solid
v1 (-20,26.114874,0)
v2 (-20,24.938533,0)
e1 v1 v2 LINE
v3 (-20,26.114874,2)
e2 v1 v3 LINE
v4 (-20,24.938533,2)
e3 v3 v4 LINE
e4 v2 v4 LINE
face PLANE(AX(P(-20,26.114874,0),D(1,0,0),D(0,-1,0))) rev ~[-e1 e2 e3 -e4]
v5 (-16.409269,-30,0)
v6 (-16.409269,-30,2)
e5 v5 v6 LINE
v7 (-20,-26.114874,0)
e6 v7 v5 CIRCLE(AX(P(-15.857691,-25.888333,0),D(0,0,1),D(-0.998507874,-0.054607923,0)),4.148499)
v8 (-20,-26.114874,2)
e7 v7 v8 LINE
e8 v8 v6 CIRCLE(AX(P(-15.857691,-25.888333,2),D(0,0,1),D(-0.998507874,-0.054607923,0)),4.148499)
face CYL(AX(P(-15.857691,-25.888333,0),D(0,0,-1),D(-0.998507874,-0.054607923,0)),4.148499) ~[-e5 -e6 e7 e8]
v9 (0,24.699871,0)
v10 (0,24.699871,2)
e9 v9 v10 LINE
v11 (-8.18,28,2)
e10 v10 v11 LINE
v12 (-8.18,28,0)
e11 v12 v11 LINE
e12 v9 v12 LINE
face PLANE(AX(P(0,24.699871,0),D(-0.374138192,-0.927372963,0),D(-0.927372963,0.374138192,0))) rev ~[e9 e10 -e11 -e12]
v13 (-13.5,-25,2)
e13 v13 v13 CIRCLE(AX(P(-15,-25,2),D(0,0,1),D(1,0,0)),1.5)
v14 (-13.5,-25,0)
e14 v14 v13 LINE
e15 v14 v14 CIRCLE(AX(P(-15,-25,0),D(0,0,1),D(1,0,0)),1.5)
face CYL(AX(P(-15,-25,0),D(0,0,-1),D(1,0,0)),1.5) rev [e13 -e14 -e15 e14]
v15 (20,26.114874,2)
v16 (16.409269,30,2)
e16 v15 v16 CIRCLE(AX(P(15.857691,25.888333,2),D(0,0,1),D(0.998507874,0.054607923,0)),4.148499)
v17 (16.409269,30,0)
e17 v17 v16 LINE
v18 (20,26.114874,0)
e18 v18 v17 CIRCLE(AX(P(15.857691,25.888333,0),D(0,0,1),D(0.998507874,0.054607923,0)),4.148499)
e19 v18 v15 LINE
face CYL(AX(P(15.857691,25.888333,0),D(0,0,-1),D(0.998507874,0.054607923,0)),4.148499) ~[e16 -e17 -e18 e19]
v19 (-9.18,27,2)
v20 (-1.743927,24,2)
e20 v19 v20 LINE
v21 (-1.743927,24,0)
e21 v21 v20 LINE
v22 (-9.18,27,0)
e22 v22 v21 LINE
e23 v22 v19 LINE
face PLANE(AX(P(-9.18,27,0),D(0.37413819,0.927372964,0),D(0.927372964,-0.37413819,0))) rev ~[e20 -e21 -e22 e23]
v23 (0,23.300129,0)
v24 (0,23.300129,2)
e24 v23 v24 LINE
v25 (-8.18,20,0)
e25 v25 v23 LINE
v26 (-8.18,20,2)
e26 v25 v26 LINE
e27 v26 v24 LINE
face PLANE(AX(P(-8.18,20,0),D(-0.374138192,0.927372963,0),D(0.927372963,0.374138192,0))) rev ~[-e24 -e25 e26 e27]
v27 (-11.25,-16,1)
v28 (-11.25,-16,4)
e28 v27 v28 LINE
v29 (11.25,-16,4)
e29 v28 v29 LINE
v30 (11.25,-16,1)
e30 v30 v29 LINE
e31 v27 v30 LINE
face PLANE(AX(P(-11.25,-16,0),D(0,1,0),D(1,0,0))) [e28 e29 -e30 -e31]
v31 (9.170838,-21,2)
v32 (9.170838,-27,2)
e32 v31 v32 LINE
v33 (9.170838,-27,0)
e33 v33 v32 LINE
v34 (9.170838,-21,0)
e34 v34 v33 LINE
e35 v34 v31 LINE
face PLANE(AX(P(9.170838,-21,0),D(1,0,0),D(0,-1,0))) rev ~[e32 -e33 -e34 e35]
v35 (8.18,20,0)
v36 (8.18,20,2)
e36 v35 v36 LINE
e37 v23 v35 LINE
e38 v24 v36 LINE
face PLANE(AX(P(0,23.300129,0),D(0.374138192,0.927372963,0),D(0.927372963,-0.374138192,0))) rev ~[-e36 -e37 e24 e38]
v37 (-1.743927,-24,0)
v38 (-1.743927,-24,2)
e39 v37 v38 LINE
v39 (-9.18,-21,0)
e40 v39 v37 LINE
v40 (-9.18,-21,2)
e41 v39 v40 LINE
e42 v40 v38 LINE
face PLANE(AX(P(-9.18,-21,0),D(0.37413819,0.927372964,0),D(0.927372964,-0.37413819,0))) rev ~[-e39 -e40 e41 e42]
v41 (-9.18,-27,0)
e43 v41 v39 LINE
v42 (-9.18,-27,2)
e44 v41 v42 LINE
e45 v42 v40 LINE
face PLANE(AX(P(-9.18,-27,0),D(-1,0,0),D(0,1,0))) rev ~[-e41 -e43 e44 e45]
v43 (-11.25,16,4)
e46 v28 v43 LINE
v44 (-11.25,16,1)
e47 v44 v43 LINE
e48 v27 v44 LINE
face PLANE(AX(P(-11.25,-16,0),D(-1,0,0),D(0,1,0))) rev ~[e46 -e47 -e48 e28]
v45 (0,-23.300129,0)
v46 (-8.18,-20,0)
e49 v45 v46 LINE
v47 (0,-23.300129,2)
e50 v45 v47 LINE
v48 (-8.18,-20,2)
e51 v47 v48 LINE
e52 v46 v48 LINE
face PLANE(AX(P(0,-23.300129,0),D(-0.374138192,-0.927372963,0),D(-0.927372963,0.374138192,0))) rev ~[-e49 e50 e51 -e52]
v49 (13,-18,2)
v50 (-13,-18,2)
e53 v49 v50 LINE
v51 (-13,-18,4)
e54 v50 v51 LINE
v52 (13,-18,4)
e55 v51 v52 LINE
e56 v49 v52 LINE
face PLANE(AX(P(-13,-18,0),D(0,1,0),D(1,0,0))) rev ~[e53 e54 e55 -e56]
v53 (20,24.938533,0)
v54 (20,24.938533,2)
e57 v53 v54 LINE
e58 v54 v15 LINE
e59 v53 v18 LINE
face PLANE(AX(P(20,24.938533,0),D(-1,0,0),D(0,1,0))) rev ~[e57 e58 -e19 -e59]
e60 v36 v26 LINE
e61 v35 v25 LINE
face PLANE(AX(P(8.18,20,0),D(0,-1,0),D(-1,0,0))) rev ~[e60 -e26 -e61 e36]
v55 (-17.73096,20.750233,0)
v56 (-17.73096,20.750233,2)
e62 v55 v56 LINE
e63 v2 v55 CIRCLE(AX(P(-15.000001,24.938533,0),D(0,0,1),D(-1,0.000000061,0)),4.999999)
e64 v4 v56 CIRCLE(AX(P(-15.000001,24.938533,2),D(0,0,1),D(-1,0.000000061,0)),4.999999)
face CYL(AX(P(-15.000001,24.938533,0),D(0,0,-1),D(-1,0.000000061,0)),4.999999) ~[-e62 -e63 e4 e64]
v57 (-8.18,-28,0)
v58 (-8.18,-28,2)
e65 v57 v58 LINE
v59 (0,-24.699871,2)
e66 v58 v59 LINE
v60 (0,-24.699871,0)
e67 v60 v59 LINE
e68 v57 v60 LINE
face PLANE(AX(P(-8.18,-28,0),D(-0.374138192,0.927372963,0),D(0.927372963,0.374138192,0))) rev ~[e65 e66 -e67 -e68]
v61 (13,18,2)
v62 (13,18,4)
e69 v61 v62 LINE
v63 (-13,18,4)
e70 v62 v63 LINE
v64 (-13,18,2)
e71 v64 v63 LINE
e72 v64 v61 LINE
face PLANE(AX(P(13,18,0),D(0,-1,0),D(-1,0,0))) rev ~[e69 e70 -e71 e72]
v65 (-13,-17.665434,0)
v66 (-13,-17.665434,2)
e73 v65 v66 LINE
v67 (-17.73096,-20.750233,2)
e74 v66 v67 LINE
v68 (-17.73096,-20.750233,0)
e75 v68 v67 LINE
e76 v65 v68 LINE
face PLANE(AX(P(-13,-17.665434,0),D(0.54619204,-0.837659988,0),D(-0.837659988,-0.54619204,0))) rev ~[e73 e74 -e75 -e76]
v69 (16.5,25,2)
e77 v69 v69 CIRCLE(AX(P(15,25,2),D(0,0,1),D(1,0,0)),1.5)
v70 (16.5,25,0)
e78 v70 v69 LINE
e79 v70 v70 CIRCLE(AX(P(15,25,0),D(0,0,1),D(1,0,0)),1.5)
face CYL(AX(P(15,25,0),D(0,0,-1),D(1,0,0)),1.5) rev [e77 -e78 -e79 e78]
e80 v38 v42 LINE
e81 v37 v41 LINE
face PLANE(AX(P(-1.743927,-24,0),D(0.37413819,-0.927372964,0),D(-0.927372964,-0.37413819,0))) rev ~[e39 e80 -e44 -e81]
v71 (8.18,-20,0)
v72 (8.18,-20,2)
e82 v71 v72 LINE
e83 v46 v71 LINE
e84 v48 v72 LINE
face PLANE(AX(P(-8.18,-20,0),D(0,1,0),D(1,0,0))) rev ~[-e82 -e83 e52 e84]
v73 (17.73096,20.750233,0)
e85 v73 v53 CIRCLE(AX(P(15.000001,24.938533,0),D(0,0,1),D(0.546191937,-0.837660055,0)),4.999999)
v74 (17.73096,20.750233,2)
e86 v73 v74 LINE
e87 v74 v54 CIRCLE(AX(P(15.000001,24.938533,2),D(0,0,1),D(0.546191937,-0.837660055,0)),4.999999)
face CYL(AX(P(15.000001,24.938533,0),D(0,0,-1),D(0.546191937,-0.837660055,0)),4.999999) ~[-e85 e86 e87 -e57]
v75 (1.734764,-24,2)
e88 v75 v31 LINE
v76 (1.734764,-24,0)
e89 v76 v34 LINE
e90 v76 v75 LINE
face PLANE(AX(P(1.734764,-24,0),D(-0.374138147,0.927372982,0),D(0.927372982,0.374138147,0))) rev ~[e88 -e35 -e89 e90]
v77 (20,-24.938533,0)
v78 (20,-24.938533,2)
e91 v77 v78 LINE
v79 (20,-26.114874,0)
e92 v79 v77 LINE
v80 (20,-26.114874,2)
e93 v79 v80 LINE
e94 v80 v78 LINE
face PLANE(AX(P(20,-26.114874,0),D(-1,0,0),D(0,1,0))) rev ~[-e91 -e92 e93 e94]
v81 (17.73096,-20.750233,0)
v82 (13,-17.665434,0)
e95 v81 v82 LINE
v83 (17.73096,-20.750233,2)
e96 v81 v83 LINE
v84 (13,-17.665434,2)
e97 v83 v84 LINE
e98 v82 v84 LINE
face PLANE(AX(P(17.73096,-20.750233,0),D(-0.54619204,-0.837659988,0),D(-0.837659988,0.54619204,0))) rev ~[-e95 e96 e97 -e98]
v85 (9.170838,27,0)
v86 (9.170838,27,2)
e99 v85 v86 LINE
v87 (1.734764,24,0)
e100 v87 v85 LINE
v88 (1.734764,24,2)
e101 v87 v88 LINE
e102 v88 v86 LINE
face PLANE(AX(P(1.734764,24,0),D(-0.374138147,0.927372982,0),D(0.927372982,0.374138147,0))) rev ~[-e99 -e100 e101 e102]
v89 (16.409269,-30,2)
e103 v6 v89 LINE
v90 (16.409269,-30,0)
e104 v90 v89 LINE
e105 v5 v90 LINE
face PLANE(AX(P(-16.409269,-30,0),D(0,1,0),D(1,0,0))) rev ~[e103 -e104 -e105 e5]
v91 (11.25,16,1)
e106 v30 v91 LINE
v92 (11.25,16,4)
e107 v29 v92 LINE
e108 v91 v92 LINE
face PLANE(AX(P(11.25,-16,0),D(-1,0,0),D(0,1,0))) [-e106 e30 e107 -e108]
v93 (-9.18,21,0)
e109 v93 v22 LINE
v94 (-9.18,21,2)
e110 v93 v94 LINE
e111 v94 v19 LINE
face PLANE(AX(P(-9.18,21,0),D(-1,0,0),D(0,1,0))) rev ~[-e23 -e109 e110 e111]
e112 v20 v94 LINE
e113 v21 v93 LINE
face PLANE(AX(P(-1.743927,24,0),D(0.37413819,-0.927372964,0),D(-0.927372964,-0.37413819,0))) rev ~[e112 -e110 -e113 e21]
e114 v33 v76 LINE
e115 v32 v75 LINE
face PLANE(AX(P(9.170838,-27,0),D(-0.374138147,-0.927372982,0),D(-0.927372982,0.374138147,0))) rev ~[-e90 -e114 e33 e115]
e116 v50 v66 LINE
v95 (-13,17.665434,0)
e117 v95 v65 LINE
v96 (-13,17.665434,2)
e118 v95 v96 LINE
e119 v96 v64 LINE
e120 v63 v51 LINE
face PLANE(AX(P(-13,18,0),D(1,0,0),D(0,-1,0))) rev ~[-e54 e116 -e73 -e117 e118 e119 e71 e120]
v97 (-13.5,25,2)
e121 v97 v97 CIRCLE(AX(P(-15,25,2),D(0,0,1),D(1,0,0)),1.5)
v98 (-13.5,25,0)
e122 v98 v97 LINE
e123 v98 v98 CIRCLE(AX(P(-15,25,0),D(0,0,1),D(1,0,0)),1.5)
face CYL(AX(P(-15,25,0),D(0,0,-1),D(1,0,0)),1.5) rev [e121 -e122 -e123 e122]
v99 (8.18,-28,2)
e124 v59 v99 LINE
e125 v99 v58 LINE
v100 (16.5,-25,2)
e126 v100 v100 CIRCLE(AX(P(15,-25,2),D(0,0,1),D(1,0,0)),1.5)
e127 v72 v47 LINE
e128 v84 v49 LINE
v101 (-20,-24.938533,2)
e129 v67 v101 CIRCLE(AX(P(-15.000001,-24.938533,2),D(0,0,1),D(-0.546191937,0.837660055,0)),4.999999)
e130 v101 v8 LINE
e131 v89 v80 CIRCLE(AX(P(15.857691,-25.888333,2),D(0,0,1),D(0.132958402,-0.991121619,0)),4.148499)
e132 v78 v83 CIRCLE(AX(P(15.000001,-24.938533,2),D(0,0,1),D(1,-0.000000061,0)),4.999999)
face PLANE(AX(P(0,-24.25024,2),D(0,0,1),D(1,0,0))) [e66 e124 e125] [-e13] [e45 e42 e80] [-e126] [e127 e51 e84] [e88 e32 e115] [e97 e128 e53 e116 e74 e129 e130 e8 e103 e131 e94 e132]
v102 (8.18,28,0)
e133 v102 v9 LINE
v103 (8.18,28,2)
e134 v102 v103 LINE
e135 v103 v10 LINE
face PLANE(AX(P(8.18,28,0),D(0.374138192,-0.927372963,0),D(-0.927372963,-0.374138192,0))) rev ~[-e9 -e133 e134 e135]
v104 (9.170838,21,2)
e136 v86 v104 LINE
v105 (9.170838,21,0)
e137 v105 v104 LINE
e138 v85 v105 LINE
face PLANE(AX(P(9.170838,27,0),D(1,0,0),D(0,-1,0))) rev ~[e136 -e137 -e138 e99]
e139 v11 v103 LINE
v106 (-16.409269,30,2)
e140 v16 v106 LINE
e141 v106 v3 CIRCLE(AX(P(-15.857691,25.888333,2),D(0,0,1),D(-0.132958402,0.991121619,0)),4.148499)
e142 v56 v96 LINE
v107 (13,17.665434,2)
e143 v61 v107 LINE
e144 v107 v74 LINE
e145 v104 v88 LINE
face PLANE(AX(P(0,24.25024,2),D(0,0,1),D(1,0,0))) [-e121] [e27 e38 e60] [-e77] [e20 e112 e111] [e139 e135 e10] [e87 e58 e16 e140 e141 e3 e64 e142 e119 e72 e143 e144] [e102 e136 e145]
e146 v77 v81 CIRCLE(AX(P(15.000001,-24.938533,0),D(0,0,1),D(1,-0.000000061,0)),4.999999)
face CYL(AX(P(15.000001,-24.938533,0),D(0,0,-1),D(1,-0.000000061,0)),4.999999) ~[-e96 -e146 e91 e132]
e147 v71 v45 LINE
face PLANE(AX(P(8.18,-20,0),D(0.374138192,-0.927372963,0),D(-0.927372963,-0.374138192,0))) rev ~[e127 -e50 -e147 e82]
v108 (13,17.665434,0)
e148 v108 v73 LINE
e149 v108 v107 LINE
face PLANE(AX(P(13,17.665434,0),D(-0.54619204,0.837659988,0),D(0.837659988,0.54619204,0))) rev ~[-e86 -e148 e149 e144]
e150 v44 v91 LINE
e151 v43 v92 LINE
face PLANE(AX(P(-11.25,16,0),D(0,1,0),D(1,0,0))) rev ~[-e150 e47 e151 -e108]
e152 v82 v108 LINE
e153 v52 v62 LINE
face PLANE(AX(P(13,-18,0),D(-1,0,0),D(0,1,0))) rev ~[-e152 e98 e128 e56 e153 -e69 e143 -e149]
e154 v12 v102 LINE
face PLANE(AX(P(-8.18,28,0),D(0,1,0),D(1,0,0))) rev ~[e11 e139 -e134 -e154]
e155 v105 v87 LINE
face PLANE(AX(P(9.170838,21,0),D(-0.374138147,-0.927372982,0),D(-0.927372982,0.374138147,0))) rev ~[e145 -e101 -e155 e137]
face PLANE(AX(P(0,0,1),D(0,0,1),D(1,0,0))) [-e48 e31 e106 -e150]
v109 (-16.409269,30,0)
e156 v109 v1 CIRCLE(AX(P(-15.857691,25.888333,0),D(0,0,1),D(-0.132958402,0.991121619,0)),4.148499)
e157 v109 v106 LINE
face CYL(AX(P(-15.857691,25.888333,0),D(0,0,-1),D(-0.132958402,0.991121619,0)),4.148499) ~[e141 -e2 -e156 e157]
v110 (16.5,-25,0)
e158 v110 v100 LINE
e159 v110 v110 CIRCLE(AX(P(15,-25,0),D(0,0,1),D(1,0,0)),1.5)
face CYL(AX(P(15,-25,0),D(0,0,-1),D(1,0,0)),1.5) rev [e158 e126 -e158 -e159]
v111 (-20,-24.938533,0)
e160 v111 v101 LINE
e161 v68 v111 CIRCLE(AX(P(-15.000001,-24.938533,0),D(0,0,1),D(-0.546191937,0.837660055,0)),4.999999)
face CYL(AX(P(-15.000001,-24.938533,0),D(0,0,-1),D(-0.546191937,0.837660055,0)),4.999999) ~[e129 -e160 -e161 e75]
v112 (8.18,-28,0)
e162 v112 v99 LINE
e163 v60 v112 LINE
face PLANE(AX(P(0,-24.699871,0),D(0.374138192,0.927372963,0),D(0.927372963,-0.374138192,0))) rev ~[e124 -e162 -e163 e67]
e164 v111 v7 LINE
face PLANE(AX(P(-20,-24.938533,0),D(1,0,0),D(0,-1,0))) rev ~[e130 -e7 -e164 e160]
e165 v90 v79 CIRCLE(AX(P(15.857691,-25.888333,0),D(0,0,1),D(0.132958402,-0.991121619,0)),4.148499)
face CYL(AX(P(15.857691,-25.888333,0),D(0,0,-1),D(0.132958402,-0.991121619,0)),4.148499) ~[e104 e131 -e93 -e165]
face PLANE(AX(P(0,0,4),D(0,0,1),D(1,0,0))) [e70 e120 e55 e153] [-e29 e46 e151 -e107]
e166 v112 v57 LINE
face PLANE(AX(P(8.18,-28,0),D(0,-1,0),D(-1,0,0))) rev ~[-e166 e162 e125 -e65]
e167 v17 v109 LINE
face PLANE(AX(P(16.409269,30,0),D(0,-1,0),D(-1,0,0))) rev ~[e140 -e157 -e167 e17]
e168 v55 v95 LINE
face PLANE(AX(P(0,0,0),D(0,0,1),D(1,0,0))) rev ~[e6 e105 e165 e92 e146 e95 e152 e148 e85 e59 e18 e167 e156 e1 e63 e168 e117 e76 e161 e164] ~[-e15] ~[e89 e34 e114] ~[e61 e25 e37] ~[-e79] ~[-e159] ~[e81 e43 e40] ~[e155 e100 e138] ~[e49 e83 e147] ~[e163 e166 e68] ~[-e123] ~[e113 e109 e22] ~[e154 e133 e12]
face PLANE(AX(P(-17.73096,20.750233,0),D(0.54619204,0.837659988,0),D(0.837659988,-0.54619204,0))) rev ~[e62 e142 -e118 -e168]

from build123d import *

# Parameters (mm, degrees)
F0_R     = 3.5
F0_R_2   = 1.5
F1_DEPTH = 2
F0_W     = 22.5
F0_H     = 32
F2_DEPTH = 4
F3_DEPTH = 1


with BuildPart() as f1:
    # F0 (on Top) → F1 (new body)
    with BuildSketch(Plane.XY):
        with BuildLine():
            ThreePointArc((20, 26.114874), (18.904278, 28.704066), (16.409269, 30))
            Line((16.409269, 30), (-16.409269, 30))
            ThreePointArc((-16.409269, 30), (-18.904278, 28.704066), (-20, 26.114874))
            Line((-20, 26.114874), (-20, 24.938533))
            ThreePointArc((-20, 24.938533), (-19.396294, 22.556811), (-17.73096, 20.750233))
            Line((-17.73096, 20.750233), (-13, 17.665434))
            Line((-13, 17.665434), (-13, 18))
            Line((-13, 18), (13, 18))
            Line((13, 18), (13, 17.665434))
            Line((13, 17.665434), (17.73096, 20.750233))
            ThreePointArc((17.73096, 20.750233), (19.396294, 22.556811), (20, 24.938533))
            Line((20, 24.938533), (20, 26.114874))
        make_face()
        with Locations((-15, 25)):
            Circle(F0_R, mode=Mode.SUBTRACT)
        Polygon((-9.18, 27), (-9.18, 28), (-8.18, 28), (8.18, 28), (9.170838, 28), (9.170838, 27), (9.170838, 21), (9.170838, 20), (8.18, 20), (-8.18, 20), (-9.18, 20), (-9.18, 21), align=None, mode=Mode.SUBTRACT)
        with Locations((15, 25)):
            Circle(F0_R, mode=Mode.SUBTRACT)
        with BuildLine():
            Line((17.73096, -20.750233), (13, -17.665434))
            Line((13, -17.665434), (13, -18))
            Line((13, -18), (-13, -18))
            Line((-13, -18), (-13, -17.665434))
            Line((-13, -17.665434), (-17.73096, -20.750233))
            ThreePointArc((-17.73096, -20.750233), (-19.396294, -22.556811), (-20, -24.938533))
            Line((-20, -24.938533), (-20, -26.114874))
            ThreePointArc((-20, -26.114874), (-18.904278, -28.704066), (-16.409269, -30))
            Line((-16.409269, -30), (16.409269, -30))
            ThreePointArc((16.409269, -30), (18.904278, -28.704066), (20, -26.114874))
            Line((20, -26.114874), (20, -24.938533))
            ThreePointArc((20, -24.938533), (19.396294, -22.556811), (17.73096, -20.750233))
        make_face()
        with Locations((-15, -25)):
            Circle(F0_R, mode=Mode.SUBTRACT)
        Polygon((-8.18, -20), (8.18, -20), (9.170838, -20), (9.170838, -21), (9.170838, -27), (9.170838, -28), (8.18, -28), (-8.18, -28), (-9.18, -28), (-9.18, -27), (-9.18, -21), (-9.18, -20), align=None, mode=Mode.SUBTRACT)
        with Locations((15, -25)):
            Circle(F0_R, mode=Mode.SUBTRACT)
        with Locations((-15, -25)):
            Circle(F0_R)
        with Locations((-15, -25)):
            Circle(F0_R_2, mode=Mode.SUBTRACT)
        with Locations((15, -25)):
            Circle(F0_R)
        with Locations((15, -25)):
            Circle(F0_R_2, mode=Mode.SUBTRACT)
        with Locations((15, 25)):
            Circle(F0_R)
        with Locations((15, 25)):
            Circle(F0_R_2, mode=Mode.SUBTRACT)
        with Locations((-15, 25)):
            Circle(F0_R)
        with Locations((-15, 25)):
            Circle(F0_R_2, mode=Mode.SUBTRACT)
        Polygon((-8.18, 28), (-9.18, 28), (-9.18, 27), (-1.743927, 24), (-9.18, 21), (-9.18, 20), (-8.18, 20), (0, 23.300129), (8.18, 20), (9.170838, 20), (9.170838, 21), (1.734764, 24), (9.170838, 27), (9.170838, 28), (8.18, 28), (0, 24.699871), align=None)
        Polygon((9.170838, -20), (8.18, -20), (0, -23.300129), (-8.18, -20), (-9.18, -20), (-9.18, -21), (-1.743927, -24), (-9.18, -27), (-9.18, -28), (-8.18, -28), (0, -24.699871), (8.18, -28), (9.170838, -28), (9.170838, -27), (1.734764, -24), (9.170838, -21), align=None)
    extrude(amount=F1_DEPTH)

    # F0 (on Top) → F2 (join)
    with BuildSketch(Plane.XY):
        Polygon((13, -17.665434), (13, 17.665434), (13, 18), (-13, 18), (-13, 17.665434), (-13, -17.665434), (-13, -18), (13, -18), align=None)
        Rectangle(F0_W, F0_H, mode=Mode.SUBTRACT)
    extrude(amount=F2_DEPTH)

    # F0 (on Top) → F3 (join)
    with BuildSketch(Plane.XY):
        Rectangle(F0_W, F0_H)
    extrude(amount=F3_DEPTH)


solid = f1.part
